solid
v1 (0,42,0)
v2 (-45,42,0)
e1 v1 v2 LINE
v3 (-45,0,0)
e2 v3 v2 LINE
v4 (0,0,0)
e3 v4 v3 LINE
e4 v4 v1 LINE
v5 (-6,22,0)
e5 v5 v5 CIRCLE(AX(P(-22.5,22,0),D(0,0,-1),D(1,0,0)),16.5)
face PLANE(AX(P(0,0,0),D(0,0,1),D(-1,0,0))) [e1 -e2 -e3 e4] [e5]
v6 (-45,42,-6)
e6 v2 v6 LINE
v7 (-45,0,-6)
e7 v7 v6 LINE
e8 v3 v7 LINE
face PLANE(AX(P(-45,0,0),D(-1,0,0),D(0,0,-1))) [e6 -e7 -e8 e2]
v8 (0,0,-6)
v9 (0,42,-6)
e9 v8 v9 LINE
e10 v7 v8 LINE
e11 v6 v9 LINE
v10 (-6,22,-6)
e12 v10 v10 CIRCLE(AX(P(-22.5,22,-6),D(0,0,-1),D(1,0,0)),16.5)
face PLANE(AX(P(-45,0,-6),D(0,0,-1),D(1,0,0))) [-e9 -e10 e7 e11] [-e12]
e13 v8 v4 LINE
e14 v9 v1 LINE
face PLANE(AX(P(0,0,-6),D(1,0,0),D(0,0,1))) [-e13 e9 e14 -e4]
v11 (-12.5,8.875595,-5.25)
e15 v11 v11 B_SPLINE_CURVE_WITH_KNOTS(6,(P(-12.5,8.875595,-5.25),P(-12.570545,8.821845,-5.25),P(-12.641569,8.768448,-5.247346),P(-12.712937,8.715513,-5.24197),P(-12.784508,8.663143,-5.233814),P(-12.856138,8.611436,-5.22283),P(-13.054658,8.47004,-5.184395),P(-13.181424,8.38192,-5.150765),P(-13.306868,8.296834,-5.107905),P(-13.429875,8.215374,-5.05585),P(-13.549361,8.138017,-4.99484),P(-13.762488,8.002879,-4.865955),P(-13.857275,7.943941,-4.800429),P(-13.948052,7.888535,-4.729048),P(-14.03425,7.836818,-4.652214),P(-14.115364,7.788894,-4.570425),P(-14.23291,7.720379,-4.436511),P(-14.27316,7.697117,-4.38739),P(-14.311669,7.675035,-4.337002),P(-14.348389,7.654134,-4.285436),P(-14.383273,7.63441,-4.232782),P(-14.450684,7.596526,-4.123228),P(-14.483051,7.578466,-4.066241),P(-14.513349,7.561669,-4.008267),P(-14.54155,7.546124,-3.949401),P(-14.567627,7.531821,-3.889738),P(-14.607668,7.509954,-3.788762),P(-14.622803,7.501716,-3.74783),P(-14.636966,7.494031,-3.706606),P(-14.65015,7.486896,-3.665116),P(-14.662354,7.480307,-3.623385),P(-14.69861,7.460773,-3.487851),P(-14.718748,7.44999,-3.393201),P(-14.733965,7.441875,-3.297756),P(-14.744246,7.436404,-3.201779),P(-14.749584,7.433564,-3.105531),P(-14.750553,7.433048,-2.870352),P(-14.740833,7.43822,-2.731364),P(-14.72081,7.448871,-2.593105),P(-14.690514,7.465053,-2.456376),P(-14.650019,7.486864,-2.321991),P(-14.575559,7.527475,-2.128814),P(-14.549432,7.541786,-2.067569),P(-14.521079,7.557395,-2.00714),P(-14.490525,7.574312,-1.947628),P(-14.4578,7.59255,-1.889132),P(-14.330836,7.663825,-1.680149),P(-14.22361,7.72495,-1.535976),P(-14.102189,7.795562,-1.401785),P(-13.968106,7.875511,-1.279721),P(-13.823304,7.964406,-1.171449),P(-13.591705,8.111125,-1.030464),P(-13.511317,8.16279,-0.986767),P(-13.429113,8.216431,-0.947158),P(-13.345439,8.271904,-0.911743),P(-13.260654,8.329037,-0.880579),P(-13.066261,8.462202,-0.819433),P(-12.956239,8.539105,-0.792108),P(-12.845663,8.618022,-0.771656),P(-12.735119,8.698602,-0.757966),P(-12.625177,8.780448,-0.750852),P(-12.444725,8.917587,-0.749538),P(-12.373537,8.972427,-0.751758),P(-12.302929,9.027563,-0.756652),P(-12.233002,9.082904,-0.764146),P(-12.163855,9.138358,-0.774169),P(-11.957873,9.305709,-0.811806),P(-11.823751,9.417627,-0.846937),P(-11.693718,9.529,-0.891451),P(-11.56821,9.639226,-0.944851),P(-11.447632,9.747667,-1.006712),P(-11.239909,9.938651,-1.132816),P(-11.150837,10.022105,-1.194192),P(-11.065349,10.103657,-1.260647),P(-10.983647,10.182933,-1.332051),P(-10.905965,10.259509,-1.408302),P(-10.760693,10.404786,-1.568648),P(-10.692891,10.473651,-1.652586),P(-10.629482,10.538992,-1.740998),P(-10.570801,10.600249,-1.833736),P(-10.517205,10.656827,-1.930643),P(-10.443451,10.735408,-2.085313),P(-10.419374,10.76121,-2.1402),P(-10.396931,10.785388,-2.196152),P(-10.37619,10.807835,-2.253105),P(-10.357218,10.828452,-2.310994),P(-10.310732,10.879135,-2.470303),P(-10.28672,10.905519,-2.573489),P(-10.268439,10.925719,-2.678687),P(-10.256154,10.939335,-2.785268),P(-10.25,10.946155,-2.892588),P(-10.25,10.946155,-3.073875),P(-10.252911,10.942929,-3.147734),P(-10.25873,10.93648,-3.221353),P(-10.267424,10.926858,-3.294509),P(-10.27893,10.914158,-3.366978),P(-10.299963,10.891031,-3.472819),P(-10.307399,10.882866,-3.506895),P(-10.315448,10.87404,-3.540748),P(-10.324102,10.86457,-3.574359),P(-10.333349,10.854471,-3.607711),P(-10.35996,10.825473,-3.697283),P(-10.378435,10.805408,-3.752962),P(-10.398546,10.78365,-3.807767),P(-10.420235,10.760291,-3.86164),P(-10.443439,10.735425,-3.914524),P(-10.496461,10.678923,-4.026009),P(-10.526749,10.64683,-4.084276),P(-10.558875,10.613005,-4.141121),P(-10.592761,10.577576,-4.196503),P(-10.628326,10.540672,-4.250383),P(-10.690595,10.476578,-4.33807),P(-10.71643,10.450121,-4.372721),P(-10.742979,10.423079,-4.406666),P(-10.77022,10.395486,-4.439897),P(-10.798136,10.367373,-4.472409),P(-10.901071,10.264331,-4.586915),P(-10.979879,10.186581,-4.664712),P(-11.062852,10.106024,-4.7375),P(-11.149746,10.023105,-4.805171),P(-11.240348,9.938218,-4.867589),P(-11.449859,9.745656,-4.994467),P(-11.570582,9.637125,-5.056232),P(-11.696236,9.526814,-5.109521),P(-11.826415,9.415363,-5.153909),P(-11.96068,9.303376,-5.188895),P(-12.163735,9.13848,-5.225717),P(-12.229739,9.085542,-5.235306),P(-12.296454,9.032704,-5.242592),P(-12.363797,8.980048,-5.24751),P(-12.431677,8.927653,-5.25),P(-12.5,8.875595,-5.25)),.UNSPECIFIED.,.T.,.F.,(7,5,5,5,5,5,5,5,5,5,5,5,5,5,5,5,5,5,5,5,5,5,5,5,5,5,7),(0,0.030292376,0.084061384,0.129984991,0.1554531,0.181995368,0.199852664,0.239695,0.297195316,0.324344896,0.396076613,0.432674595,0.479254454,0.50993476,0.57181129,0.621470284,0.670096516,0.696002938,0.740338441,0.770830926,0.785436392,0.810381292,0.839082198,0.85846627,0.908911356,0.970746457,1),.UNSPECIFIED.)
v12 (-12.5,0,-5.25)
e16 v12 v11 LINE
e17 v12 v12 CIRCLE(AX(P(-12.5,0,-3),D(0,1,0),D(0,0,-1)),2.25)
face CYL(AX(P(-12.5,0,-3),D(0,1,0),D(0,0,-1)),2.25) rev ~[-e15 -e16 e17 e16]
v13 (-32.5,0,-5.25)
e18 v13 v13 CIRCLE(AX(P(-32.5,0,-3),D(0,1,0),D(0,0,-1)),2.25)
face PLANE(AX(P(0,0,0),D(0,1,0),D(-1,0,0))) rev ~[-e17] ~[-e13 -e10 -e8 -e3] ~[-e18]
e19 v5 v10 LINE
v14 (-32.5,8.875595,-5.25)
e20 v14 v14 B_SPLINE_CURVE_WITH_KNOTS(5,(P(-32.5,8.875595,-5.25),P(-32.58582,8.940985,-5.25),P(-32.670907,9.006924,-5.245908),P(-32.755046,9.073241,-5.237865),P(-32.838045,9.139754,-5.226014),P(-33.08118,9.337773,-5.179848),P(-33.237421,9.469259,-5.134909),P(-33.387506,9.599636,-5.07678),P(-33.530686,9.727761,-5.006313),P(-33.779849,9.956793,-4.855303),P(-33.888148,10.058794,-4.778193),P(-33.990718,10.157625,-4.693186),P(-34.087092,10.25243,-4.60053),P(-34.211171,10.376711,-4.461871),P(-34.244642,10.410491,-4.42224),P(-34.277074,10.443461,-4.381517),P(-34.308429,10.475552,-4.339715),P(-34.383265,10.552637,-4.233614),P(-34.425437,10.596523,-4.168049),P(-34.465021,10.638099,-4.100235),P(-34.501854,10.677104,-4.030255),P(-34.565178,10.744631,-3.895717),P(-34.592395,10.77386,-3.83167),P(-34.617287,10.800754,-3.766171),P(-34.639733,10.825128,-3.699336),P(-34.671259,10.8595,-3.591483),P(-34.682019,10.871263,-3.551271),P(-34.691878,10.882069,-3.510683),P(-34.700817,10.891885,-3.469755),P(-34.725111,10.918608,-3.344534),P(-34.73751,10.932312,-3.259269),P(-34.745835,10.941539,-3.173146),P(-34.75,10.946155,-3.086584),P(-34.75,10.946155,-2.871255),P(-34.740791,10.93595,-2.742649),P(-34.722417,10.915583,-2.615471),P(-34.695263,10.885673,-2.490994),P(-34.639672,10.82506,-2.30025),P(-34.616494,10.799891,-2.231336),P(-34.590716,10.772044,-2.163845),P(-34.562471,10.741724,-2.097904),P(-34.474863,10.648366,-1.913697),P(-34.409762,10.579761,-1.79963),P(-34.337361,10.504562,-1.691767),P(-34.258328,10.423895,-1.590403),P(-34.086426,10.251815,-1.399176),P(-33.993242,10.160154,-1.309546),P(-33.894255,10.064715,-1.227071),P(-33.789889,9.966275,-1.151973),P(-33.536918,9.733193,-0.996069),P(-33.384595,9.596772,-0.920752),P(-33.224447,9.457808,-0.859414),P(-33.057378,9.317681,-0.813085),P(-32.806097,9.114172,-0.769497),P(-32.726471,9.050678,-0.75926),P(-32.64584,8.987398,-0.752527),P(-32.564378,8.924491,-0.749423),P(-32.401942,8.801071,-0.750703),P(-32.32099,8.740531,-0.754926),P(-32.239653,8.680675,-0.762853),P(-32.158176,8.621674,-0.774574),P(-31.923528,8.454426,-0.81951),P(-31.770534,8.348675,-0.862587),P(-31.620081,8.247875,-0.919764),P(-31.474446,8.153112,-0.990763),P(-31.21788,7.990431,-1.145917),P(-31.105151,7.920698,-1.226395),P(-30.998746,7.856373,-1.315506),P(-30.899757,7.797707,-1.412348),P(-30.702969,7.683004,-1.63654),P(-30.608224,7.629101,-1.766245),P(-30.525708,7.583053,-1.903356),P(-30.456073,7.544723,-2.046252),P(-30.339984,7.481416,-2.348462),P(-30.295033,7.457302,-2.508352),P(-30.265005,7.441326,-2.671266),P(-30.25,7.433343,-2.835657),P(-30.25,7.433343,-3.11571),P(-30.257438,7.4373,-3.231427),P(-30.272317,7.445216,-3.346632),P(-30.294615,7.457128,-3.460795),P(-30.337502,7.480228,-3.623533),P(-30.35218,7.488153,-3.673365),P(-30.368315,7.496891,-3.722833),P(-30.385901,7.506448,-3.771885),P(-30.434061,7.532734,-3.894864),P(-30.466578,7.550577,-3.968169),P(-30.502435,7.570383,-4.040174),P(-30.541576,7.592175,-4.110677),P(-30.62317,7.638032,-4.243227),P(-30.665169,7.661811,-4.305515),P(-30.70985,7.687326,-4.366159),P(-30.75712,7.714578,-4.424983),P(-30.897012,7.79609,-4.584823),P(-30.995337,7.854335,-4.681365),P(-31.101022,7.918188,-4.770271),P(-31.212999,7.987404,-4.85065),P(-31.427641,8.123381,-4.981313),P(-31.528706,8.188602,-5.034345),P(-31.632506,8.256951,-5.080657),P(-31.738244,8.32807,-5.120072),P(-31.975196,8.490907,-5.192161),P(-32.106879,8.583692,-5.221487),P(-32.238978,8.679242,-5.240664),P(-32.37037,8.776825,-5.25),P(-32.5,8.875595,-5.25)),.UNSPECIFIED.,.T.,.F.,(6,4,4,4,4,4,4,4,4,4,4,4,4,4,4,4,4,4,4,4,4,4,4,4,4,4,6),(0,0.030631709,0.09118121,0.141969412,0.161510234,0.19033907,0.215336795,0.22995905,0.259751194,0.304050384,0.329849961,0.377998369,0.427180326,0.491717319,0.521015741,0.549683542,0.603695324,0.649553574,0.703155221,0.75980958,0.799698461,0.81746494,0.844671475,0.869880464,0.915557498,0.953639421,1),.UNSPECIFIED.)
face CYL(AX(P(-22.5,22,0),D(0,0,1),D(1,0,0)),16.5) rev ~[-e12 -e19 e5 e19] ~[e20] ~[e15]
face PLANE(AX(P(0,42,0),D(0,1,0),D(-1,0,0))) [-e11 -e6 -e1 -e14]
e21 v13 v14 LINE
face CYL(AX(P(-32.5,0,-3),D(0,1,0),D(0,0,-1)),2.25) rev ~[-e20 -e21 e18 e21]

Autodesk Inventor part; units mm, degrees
ref_plane "YZ Plane" through (0, 0, 0) normal (1, 0, 0) x (0, 1, 0)
ref_plane "XZ Plane" through (0, 0, 0) normal (0, 1, 0) x (-1, 0, 0)
ref_plane "XY Plane" through (0, 0, 0) normal (0, 0, 1) x (1, 0, 0)
sketch "Sketch1" plane through (0, 0, 0) normal (0, 1, 0) x (-1, 0, 0)
  line L0 (0, 0) -> (45, 0)
  line L1 (45, 0) -> (45, -6)
  line L2 (45, -6) -> (0, -6)
  line L3 (0, -6) -> (0, 0)
  dimension "d0" = 45
  dimension "d1" = 6
extrude "Extrusion1" add sketch "Sketch1" along normal blind 42
sketch "Sketch3" plane through (0, 0, 0) normal (0, -1, 0) x (1, 0, 0)
  line L0 (-12.5, 0) -> (-32.5, 0) projected
  line L1 (-22.5, 0) -> (-22.5, -3)
  line L2 (-22.5, -3) -> (-12.5, -3)
  line L3 (-22.5, -3) -> (-32.5, -3)
  point P0 (0, 0)
  dimension "d9" = 3
  dimension "d10" = 10
  dimension "d11" = 10
hole "Hole1" at (-12.5, 0, -3) at (-32.5, 0, -3) direction (0, 1, 0) diameter 4.5 depth 11 tip angle 118
sketch "Sketch4" plane through (-45, 0, 0) normal (0, 0, 1) x (1, 0, 0)
  line L0 (45, 0) -> (0, 0) projected
  line L1 (22.5, 0) -> (22.5, 22)
  circle A0 centre (22.5, 22) radius 16.5
  dimension "d19" = 22
  dimension "d20" = 33
extrude "Extrusion3" cut sketch "Sketch4" against normal through all
properties part number "Motor_Mount_Backplate"
